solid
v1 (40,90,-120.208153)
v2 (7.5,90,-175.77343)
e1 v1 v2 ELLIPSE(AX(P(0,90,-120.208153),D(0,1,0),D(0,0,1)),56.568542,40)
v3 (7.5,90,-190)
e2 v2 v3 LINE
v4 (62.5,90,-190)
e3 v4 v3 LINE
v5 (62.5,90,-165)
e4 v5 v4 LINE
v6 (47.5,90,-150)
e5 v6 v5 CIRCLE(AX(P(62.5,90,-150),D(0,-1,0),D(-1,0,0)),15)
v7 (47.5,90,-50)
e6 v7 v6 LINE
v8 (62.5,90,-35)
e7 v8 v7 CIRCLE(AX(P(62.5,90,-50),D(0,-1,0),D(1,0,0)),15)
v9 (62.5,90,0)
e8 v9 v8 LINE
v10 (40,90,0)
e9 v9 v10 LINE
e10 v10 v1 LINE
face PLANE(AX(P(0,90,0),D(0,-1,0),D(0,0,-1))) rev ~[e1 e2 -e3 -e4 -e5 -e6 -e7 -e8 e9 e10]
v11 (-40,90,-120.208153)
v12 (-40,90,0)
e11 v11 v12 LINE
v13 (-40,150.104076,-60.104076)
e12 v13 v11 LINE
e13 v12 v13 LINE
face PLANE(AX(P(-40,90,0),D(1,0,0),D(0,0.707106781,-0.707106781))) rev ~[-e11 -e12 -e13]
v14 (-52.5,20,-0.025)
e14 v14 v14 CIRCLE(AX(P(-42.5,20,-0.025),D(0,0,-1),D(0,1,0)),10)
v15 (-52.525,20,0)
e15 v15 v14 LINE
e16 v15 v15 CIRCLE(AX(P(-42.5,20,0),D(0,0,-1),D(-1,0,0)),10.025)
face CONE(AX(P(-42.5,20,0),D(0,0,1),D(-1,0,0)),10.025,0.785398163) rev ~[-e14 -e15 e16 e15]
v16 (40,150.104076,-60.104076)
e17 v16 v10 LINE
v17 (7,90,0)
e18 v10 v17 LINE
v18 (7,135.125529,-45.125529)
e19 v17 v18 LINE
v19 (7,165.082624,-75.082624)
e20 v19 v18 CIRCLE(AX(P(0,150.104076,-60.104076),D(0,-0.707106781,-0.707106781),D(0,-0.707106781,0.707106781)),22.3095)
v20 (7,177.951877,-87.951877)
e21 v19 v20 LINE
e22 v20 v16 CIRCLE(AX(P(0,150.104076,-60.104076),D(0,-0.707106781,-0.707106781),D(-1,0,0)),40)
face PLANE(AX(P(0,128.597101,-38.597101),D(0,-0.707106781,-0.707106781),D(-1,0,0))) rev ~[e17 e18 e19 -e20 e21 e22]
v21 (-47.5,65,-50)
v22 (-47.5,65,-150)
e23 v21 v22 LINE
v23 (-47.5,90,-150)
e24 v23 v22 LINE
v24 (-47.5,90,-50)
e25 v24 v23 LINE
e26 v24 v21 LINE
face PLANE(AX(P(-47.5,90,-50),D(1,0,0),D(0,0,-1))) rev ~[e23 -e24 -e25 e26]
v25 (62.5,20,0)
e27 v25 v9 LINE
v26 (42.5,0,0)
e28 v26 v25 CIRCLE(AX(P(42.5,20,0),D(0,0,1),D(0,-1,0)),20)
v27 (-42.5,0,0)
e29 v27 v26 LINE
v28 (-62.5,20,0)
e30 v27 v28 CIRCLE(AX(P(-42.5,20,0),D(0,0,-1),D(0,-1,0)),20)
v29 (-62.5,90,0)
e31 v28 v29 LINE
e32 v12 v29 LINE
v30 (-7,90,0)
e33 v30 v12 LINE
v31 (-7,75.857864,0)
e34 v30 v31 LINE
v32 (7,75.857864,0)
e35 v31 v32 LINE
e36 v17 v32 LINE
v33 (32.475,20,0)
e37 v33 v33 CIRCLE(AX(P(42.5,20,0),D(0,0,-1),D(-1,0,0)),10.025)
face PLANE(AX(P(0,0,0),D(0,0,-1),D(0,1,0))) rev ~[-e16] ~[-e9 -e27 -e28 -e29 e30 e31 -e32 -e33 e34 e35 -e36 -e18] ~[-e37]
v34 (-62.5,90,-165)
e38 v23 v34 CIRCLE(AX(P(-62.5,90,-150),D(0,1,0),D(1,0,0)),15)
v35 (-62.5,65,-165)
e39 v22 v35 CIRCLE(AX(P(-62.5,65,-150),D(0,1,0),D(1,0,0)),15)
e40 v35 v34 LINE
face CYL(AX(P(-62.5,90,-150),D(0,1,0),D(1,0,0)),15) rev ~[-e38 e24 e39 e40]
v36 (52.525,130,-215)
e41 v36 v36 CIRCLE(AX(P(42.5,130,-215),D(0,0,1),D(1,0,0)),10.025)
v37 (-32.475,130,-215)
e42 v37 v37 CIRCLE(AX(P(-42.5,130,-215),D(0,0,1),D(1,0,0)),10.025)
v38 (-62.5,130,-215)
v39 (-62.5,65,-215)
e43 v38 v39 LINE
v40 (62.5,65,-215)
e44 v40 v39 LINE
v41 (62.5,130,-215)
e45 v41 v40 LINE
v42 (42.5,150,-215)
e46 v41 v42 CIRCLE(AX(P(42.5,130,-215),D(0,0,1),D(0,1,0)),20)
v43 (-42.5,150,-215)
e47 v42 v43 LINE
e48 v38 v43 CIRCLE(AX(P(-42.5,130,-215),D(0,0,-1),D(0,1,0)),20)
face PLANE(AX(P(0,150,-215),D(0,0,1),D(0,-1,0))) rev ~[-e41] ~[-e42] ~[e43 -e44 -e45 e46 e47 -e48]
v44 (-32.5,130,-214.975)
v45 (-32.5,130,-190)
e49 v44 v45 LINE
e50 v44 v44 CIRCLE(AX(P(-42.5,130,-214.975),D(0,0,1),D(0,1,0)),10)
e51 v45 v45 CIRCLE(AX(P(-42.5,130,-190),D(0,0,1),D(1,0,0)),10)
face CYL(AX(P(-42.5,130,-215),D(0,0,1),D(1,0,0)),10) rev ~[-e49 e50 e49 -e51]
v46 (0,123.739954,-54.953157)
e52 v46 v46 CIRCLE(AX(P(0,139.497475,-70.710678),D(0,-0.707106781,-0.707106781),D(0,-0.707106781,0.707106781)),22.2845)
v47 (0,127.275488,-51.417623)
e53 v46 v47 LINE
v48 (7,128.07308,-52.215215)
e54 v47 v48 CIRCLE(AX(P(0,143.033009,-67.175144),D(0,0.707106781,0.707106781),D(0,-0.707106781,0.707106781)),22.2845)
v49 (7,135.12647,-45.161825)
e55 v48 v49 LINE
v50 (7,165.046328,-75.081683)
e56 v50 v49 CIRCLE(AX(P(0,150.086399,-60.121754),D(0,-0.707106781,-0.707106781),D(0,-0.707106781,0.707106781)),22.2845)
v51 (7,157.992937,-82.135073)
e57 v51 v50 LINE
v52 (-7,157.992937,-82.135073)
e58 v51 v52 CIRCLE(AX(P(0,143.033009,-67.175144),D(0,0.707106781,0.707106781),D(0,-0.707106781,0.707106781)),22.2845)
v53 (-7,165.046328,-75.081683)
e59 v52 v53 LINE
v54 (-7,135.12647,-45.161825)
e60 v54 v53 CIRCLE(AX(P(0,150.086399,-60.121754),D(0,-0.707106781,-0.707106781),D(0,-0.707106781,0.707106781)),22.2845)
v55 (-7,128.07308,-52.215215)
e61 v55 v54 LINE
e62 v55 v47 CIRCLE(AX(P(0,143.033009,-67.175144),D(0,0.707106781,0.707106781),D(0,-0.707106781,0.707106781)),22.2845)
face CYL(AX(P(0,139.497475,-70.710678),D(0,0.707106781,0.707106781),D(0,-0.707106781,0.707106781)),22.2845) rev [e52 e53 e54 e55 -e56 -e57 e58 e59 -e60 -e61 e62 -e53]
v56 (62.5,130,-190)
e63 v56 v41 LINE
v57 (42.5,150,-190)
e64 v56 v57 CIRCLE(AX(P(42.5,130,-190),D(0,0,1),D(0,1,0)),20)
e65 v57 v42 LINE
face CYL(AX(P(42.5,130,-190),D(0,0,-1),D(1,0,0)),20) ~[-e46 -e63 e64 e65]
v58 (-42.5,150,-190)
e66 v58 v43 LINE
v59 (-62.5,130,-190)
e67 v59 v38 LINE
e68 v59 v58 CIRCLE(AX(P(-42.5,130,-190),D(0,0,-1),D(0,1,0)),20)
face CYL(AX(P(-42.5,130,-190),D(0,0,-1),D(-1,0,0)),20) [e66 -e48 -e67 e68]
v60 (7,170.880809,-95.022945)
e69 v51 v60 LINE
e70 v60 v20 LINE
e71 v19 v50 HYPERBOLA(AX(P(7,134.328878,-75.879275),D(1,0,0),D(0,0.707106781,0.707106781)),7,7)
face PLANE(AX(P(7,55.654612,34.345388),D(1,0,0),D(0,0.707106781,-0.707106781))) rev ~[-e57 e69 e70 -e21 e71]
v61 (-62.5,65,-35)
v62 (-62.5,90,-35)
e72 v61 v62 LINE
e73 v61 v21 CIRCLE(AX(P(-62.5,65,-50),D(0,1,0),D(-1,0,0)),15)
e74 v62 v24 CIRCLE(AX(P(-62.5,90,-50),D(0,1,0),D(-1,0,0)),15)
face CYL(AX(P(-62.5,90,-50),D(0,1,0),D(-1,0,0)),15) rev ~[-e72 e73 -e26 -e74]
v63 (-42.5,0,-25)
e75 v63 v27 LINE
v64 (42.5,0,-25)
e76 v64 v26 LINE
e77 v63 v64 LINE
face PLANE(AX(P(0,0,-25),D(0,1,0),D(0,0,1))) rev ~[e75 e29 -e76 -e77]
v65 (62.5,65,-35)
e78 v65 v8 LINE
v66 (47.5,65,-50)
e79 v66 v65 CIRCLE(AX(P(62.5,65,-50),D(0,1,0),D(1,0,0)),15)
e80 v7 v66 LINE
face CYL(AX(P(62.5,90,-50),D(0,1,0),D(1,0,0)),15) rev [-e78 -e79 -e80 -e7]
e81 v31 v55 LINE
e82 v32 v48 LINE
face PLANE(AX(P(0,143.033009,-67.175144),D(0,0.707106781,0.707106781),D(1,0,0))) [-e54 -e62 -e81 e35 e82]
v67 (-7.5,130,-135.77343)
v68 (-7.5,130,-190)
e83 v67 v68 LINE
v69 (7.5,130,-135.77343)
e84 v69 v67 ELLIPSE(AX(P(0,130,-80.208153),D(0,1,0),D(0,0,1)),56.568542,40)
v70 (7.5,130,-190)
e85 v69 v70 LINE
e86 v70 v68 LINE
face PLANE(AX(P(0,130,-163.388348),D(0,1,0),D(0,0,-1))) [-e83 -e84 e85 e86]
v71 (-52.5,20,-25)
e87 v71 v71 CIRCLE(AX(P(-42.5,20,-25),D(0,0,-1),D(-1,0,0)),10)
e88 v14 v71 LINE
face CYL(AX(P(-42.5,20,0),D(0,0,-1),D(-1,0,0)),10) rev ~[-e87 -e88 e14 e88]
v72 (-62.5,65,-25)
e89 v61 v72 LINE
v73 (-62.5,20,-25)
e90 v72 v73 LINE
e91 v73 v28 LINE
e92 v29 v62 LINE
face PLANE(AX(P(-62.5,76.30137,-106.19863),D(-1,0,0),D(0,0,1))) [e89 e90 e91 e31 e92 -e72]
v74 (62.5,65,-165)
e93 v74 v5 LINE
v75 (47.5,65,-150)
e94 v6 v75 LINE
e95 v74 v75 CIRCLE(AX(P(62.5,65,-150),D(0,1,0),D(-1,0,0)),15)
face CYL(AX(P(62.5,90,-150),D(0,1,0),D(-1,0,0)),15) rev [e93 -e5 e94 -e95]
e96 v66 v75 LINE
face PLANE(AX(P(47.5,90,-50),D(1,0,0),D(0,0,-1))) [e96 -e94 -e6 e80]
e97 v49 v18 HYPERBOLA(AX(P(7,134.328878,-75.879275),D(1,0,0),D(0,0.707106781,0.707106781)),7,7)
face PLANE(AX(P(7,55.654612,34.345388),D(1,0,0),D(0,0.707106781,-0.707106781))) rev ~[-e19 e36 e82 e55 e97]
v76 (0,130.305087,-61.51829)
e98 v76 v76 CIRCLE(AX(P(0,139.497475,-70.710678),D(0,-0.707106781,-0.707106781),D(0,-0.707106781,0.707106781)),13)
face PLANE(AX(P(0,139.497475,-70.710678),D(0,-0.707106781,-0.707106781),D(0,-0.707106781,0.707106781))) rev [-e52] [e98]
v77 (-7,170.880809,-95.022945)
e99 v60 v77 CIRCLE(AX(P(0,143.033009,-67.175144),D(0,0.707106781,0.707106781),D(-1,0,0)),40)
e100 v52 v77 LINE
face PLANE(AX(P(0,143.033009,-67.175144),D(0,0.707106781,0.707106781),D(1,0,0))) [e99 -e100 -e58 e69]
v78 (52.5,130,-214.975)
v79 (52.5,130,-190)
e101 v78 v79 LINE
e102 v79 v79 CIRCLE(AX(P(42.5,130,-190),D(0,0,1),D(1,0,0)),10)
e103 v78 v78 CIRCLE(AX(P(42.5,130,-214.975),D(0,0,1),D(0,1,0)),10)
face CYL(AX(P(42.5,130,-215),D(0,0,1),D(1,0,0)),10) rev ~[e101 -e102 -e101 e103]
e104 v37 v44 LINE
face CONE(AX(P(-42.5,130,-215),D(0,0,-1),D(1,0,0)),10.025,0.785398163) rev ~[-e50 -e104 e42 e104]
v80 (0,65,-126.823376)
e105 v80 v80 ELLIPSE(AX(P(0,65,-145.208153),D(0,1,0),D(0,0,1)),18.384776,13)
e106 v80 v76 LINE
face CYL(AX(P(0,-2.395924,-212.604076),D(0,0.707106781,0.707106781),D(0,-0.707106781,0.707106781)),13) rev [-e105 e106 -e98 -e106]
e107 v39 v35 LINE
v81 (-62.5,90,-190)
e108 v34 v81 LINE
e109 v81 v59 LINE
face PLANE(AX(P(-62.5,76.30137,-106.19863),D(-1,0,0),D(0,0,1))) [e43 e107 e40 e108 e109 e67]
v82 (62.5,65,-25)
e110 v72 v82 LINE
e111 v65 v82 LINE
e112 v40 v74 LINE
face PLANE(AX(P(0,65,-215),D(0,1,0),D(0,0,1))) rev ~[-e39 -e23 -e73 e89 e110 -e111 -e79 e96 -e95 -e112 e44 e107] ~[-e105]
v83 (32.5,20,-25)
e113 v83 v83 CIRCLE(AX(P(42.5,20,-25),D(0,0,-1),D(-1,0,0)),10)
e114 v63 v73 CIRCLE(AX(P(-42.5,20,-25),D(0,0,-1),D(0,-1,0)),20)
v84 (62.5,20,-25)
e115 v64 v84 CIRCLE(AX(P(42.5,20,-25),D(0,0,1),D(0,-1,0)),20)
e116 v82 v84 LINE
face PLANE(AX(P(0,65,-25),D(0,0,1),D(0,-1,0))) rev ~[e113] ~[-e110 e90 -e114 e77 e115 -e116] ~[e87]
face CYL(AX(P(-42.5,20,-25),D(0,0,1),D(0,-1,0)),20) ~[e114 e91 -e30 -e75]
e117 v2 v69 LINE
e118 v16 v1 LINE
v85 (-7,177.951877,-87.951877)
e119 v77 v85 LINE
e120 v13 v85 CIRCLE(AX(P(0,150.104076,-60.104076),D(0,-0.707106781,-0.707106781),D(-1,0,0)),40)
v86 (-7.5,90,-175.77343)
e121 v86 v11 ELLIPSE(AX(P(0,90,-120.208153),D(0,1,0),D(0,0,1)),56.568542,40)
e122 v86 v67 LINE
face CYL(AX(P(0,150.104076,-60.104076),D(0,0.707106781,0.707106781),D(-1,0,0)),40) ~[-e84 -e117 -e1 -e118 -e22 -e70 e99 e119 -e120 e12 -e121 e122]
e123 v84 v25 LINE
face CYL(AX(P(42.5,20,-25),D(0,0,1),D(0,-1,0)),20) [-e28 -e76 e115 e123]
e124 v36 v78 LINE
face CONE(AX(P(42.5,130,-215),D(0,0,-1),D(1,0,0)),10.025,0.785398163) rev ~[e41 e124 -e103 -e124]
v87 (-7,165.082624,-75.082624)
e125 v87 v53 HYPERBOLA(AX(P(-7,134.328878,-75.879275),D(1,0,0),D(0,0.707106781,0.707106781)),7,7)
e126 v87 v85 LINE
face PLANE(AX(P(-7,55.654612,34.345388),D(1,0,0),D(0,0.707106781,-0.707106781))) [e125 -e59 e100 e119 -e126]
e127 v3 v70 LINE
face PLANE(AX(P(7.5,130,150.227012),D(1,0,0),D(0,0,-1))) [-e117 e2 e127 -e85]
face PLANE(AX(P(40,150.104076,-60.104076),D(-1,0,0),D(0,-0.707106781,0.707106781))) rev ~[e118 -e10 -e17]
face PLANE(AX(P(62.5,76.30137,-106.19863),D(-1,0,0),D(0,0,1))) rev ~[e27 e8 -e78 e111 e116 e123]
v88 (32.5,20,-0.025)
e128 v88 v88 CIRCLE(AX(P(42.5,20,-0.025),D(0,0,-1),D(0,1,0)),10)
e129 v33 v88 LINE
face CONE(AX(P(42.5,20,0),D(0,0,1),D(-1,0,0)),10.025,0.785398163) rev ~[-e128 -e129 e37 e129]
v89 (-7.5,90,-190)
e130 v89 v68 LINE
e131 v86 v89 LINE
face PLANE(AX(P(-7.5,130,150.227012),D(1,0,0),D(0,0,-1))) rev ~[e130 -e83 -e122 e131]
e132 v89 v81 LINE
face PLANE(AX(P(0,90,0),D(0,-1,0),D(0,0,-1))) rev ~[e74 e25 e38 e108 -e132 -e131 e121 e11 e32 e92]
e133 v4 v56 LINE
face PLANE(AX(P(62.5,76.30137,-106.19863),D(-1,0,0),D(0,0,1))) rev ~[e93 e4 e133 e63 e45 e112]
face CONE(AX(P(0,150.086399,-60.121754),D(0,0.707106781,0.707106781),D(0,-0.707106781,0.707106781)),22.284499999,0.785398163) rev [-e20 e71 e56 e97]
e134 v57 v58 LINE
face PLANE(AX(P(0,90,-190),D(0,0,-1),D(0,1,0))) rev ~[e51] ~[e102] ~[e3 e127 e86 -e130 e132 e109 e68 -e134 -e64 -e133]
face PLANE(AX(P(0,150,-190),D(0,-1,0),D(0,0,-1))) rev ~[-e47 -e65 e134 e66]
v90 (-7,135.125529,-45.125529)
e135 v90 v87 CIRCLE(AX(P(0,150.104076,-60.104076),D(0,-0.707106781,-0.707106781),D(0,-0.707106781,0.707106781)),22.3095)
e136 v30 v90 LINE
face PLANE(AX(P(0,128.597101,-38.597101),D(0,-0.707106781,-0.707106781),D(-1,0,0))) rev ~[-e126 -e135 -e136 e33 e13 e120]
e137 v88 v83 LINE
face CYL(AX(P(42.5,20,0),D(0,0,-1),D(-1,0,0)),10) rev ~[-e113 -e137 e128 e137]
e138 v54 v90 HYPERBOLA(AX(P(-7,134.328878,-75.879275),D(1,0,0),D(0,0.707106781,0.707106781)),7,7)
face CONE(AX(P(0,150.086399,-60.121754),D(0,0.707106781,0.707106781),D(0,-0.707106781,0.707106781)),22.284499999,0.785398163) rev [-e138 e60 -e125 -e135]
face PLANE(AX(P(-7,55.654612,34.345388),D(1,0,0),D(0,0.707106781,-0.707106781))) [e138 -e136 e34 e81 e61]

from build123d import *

# Parameters (mm, degrees)
BOSS_EXTRUDE1_DEPTH                  = 62.5
BOSS_EXTRUDE2_REACH                  = 289.283
SKETCH6_W                            = 14
SKETCH6_H                            = 267.143428259
CUT_EXTRUDE1_DEPTH                   = 10
RIB1_REACH                           = 288.004
SKETCH7_WALL_W                       = 627.230719128
SKETCH7_WALL_H                       = 15
FILLET1_R                            = 20
CUT_EXTRUDE2_DEPTH                   = 30
F_20_0_20_DIAMETER_HOLE1_D           = 20
F_20_0_20_DIAMETER_HOLE1_CSINK_D     = 20.05
F_20_0_20_DIAMETER_HOLE1_CSINK_ANGLE = 90
F_20_0_20_DIAMETER_HOLE2_D           = 20
F_20_0_20_DIAMETER_HOLE2_DEPTH       = 40
F_20_0_20_DIAMETER_HOLE2_CSINK_D     = 20.05
F_20_0_20_DIAMETER_HOLE2_CSINK_ANGLE = 90
F_20_0_20_DIAMETER_HOLE2_TIP         = 6.00860619


with BuildPart() as part:
    # Sketch1 → Boss-Extrude1 (new, symmetric)
    with BuildSketch(Plane(origin=(0, 0, 0), x_dir=(0, 0, -1), z_dir=(1, 0, 0))):
        Polygon((0, 0), (0, 90), (190, 90), (190, 150), (215, 150), (215, 65), (25, 65), (25, 0), align=None)
    extrude(amount=BOSS_EXTRUDE1_DEPTH, both=True)

    # Boss-Extrude2: up to this face of the body (flat: up to its plane)
    boss_extrude2_end = Plane(part.part.faces().sort_by_distance((0, 90, -95))[0])
    # Sketch2 → Boss-Extrude2 (add, up to the picked face)
    with BuildSketch(Plane(origin=(0, 45, 45), x_dir=(1, 0, 0), z_dir=(0, 0.7071067811865464, 0.7071067811865488)), mode=Mode.PRIVATE) as boss_extrude2_sk1:
        with BuildLine():
            Line((-40, 63.639610307), (-40, 148.639610307))
            ThreePointArc((-40, 148.639610307), (0, 188.639610307), (40, 148.639610307))
            Line((40, 148.639610307), (40, 63.639610307))
            Line((40, 63.639610307), (-40, 63.639610307))
        make_face()
    boss_extrude2_tool1 = split(extrude(boss_extrude2_sk1.sketch, amount=-BOSS_EXTRUDE2_REACH, mode=Mode.PRIVATE), bisect_by=boss_extrude2_end, keep=Keep.BOTH, mode=Mode.PRIVATE)
    add(boss_extrude2_tool1.solids().sort_by(Axis((0, 131.401312, -41.401312), (0, -0.7071067811865464, -0.7071067811865488)))[0])

    # Sketch5 → CBORE for M24 Hex Head Bolt1 (revolve, cut)
    with BuildSketch(Plane(origin=(0, 150.104076401, -60.104076401), x_dir=(0, -0.7071067811865487, 0.7071067811865465), z_dir=(1, 0, 0))):
        Polygon((0, 0), (0, 215.667568262), (13, 215.667568262), (13, 15), (22.2845, 15), (22.2845, 0.025), (22.3095, 0), align=None)
    revolve(axis=Axis((0, 154.594204461, -55.61394834), (0, -0.7071067811865465, -0.7071067811865486)), mode=Mode.SUBTRACT)

    # Sketch6 → Cut-Extrude1 (cut)
    with BuildSketch(Plane(origin=(0, 45, 45), x_dir=(1, 0, 0), z_dir=(0, 0.7071067811865465, 0.7071067811865487))):
        with Locations((0, 148.639610307)):
            Rectangle(SKETCH6_W, SKETCH6_H)
    extrude(amount=-CUT_EXTRUDE1_DEPTH, mode=Mode.SUBTRACT)

    # Sketch7 wall → Rib1 (add, up to next)
    with BuildSketch(Plane(origin=(0, 130, -163.388347649), x_dir=(0, 0, -1), z_dir=(0, 1, 0)), mode=Mode.PRIVATE) as rib1_sk1:
        Rectangle(SKETCH7_WALL_W, SKETCH7_WALL_H)
    rib1_tool1 = extrude(rib1_sk1.sketch, amount=-RIB1_REACH, mode=Mode.PRIVATE) - part.part
    add(rib1_tool1.solids().sort_by_distance((0, 130, -163.388347649))[0])

    # Fillet1
    fillet1_edges = [part.edges().sort_by_distance(p)[0] for p in [
        (62.5, 0, -12.5),
        (-62.5, 150, -202.5),
        (-62.5, 0, -12.5),
        (62.5, 150, -202.5),
    ]]
    fillet(fillet1_edges, radius=FILLET1_R)

    # Sketch8 → Cut-Extrude2 (cut)
    with BuildSketch(Plane(origin=(0, 90, 0), x_dir=(1, 0, 0), z_dir=(0, 1, 0))):
        with BuildLine():
            Line((77.5, 150), (77.5, 50))
            ThreePointArc((77.5, 50), (62.5, 35), (47.5, 50))
            Line((47.5, 50), (47.5, 150))
            ThreePointArc((47.5, 150), (62.5, 165), (77.5, 150))
        make_face()
        with BuildLine():
            Line((-77.5, 150), (-77.5, 50))
            ThreePointArc((-77.5, 50), (-62.5, 35), (-47.5, 50))
            Line((-47.5, 50), (-47.5, 150))
            ThreePointArc((-47.5, 150), (-62.5, 165), (-77.5, 150))
        make_face()
    extrude(amount=-CUT_EXTRUDE2_DEPTH, mode=Mode.SUBTRACT)

    # Ø20.0 (20) Diameter Hole1 (through all)
    with Locations(Plane.XY):
        with Locations((42.5, 20), (-42.5, 20)):
            CounterSinkHole(F_20_0_20_DIAMETER_HOLE1_D / 2, F_20_0_20_DIAMETER_HOLE1_CSINK_D / 2, counter_sink_angle=F_20_0_20_DIAMETER_HOLE1_CSINK_ANGLE)

    # Ø20.0 (20) Diameter Hole2
    with Locations(Plane(origin=(0, 0, -215), x_dir=(-1, 0, 0), z_dir=(0, 0, -1))):
        with Locations((-42.5, 130), (42.5, 130)):
            CounterSinkHole(F_20_0_20_DIAMETER_HOLE2_D / 2, F_20_0_20_DIAMETER_HOLE2_CSINK_D / 2, depth=F_20_0_20_DIAMETER_HOLE2_DEPTH, counter_sink_angle=F_20_0_20_DIAMETER_HOLE2_CSINK_ANGLE)
            with Locations((0, 0, -(F_20_0_20_DIAMETER_HOLE2_DEPTH + F_20_0_20_DIAMETER_HOLE2_TIP / 2))):  # 118° drill point
                Cone(0, F_20_0_20_DIAMETER_HOLE2_D / 2, F_20_0_20_DIAMETER_HOLE2_TIP, mode=Mode.SUBTRACT)


solid = part.part
